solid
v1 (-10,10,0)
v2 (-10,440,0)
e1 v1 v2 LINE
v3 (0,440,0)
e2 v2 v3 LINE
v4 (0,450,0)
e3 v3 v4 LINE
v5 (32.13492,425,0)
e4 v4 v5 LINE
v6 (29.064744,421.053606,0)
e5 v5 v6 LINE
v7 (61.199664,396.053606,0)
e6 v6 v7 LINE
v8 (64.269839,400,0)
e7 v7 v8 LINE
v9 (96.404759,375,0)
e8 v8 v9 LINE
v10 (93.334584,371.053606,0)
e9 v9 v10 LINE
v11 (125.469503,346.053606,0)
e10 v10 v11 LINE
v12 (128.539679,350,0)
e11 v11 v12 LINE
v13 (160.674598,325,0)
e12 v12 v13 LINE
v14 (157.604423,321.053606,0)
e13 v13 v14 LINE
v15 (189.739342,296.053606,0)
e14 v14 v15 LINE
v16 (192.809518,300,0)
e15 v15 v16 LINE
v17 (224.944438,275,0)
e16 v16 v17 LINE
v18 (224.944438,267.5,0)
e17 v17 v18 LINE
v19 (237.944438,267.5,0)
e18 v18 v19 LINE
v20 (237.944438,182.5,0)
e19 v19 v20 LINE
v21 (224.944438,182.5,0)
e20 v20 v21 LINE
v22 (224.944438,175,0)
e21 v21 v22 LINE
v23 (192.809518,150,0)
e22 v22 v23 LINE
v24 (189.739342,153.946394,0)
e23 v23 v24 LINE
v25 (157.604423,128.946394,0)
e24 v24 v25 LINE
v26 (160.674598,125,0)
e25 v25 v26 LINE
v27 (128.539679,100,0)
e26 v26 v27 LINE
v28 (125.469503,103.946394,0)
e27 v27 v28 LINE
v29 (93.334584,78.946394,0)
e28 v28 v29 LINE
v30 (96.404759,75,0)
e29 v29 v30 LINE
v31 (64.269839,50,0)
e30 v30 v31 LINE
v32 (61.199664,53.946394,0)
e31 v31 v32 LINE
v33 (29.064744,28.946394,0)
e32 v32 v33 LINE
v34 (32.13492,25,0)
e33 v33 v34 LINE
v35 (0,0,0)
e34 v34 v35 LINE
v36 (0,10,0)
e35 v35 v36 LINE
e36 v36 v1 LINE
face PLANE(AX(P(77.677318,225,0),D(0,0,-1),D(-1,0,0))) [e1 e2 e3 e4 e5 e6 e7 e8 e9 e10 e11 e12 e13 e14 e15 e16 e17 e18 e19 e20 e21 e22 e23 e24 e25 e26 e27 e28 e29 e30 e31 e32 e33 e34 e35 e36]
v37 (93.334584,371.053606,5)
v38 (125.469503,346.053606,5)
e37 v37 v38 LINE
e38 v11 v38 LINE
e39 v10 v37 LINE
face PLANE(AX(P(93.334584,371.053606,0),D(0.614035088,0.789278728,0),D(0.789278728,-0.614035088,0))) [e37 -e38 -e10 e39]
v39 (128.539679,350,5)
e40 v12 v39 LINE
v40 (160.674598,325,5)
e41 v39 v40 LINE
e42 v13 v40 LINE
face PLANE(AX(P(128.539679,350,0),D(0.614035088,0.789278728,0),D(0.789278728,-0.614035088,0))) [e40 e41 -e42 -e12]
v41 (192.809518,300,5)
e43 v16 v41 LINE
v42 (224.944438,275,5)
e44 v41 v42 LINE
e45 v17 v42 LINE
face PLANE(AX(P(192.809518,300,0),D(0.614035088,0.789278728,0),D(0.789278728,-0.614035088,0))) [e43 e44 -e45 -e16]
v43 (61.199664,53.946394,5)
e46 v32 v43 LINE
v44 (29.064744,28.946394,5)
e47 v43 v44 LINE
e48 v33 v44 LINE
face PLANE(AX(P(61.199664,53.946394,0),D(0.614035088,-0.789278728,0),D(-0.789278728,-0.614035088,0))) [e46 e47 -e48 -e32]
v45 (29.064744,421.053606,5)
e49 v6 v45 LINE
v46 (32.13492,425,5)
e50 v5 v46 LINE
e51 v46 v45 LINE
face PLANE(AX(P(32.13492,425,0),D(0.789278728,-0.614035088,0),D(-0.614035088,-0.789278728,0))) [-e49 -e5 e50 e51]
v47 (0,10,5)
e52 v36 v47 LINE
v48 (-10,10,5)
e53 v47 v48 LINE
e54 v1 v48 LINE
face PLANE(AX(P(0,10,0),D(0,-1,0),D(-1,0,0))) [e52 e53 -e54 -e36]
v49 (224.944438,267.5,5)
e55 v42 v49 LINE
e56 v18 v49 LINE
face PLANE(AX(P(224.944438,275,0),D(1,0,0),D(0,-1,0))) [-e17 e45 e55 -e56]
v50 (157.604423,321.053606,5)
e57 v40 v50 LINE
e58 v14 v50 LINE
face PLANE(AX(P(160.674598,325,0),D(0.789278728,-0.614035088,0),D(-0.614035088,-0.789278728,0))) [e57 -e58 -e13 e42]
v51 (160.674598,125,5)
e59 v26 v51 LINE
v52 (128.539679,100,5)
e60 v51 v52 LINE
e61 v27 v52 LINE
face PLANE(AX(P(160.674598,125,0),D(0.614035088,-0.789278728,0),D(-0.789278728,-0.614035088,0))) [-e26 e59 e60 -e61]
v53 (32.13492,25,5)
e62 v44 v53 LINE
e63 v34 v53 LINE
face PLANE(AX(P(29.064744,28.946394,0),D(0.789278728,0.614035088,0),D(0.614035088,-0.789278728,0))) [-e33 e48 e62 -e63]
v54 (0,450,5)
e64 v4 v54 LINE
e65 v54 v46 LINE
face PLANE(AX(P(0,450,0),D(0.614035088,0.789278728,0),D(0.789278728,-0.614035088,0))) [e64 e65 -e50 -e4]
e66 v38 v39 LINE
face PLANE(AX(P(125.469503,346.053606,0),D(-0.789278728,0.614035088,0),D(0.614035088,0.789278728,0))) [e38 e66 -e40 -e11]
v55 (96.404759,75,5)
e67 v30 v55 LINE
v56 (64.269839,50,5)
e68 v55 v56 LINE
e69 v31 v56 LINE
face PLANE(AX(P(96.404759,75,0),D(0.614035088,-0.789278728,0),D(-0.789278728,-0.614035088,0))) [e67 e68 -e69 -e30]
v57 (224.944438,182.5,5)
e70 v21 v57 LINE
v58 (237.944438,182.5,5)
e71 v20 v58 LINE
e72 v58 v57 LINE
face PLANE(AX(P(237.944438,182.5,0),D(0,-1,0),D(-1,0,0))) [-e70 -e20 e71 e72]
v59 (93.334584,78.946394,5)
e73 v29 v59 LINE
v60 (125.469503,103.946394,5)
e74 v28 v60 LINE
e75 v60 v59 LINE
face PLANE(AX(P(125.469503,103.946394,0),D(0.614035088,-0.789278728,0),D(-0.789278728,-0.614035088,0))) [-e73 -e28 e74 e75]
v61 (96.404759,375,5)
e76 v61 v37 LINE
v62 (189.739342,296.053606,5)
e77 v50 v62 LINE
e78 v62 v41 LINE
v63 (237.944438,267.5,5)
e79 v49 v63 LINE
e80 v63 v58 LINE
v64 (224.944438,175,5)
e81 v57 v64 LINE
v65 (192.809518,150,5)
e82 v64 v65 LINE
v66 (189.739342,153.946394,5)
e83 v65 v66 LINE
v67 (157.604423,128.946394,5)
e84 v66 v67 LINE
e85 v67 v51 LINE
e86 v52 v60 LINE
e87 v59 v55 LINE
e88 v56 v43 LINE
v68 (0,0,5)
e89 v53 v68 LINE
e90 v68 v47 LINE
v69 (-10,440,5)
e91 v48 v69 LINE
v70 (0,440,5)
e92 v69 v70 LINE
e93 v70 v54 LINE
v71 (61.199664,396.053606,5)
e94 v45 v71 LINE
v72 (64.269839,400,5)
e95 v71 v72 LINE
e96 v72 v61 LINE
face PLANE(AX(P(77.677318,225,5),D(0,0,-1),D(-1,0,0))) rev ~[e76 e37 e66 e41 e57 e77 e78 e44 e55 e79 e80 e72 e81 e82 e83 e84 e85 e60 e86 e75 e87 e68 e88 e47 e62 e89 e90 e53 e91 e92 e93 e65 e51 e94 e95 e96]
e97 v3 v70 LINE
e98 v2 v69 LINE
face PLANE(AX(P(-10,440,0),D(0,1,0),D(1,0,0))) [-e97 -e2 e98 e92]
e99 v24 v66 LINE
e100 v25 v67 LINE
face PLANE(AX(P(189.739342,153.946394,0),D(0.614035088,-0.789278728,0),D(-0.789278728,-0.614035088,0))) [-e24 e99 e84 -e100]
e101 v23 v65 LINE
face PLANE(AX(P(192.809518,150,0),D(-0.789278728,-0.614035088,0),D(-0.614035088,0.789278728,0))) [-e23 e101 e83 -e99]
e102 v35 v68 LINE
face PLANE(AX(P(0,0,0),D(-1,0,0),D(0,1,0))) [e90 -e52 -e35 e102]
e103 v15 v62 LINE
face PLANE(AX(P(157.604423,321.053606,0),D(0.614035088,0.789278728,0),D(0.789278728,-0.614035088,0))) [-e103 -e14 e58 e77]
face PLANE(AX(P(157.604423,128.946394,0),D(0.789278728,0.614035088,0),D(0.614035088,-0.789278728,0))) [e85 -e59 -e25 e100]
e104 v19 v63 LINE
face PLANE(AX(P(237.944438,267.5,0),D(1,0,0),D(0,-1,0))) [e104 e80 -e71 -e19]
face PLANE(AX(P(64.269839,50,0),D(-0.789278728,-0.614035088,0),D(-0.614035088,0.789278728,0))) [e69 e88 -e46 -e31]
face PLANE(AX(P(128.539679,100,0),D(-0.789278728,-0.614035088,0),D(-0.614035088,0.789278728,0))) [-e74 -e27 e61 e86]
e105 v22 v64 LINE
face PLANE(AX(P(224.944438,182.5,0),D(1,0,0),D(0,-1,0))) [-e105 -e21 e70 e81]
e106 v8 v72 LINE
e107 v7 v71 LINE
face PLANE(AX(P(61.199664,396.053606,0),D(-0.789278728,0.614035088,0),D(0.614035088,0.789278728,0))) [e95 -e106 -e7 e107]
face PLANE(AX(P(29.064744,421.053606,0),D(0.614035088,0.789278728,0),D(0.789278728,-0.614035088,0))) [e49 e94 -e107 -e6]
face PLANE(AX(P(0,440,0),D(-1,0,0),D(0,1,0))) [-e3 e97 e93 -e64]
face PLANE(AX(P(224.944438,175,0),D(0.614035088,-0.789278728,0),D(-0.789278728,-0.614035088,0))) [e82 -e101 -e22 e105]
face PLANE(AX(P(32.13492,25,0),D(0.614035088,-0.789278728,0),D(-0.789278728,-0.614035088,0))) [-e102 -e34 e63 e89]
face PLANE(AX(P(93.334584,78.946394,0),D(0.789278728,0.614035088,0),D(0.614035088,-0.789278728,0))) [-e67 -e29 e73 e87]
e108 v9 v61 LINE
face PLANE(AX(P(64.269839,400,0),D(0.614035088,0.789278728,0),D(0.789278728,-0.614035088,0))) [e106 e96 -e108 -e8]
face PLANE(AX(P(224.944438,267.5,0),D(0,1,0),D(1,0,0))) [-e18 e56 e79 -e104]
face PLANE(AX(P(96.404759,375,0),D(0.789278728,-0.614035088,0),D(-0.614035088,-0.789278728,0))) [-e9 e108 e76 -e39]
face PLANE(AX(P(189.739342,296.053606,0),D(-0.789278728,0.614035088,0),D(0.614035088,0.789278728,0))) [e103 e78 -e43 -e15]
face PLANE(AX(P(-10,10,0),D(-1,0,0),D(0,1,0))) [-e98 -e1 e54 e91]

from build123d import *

# Parameters (mm, degrees)
BOSS_EXTRU_1_DEPTH = 5


with BuildPart() as part:
    # Esquisse1 → Boss.-Extru.1 (new body)
    with BuildSketch(Plane.XY):
        Polygon((0, 0), (0, 10), (-10, 10), (-10, 440), (0, 440), (0, 450), (32.134919655, 425), (29.064744216, 421.053606358), (61.199663871, 396.053606358), (64.26983931, 400), (96.404758965, 375), (93.334583526, 371.053606358), (125.469503181, 346.053606358), (128.539678619, 350), (160.674598274, 325), (157.604422836, 321.053606358), (189.739342491, 296.053606358), (192.809517929, 300), (224.944437584, 275), (224.944437584, 267.5), (237.944437584, 267.5), (237.944437584, 182.5), (224.944437584, 182.5), (224.944437584, 175), (192.809517929, 150), (189.739342491, 153.946393642), (157.604422836, 128.946393642), (160.674598274, 125), (128.539678619, 100), (125.469503181, 103.946393642), (93.334583526, 78.946393642), (96.404758965, 75), (64.26983931, 50), (61.199663871, 53.946393642), (29.064744216, 28.946393642), (32.134919655, 25), align=None)
    extrude(amount=BOSS_EXTRU_1_DEPTH)


solid = part.part
